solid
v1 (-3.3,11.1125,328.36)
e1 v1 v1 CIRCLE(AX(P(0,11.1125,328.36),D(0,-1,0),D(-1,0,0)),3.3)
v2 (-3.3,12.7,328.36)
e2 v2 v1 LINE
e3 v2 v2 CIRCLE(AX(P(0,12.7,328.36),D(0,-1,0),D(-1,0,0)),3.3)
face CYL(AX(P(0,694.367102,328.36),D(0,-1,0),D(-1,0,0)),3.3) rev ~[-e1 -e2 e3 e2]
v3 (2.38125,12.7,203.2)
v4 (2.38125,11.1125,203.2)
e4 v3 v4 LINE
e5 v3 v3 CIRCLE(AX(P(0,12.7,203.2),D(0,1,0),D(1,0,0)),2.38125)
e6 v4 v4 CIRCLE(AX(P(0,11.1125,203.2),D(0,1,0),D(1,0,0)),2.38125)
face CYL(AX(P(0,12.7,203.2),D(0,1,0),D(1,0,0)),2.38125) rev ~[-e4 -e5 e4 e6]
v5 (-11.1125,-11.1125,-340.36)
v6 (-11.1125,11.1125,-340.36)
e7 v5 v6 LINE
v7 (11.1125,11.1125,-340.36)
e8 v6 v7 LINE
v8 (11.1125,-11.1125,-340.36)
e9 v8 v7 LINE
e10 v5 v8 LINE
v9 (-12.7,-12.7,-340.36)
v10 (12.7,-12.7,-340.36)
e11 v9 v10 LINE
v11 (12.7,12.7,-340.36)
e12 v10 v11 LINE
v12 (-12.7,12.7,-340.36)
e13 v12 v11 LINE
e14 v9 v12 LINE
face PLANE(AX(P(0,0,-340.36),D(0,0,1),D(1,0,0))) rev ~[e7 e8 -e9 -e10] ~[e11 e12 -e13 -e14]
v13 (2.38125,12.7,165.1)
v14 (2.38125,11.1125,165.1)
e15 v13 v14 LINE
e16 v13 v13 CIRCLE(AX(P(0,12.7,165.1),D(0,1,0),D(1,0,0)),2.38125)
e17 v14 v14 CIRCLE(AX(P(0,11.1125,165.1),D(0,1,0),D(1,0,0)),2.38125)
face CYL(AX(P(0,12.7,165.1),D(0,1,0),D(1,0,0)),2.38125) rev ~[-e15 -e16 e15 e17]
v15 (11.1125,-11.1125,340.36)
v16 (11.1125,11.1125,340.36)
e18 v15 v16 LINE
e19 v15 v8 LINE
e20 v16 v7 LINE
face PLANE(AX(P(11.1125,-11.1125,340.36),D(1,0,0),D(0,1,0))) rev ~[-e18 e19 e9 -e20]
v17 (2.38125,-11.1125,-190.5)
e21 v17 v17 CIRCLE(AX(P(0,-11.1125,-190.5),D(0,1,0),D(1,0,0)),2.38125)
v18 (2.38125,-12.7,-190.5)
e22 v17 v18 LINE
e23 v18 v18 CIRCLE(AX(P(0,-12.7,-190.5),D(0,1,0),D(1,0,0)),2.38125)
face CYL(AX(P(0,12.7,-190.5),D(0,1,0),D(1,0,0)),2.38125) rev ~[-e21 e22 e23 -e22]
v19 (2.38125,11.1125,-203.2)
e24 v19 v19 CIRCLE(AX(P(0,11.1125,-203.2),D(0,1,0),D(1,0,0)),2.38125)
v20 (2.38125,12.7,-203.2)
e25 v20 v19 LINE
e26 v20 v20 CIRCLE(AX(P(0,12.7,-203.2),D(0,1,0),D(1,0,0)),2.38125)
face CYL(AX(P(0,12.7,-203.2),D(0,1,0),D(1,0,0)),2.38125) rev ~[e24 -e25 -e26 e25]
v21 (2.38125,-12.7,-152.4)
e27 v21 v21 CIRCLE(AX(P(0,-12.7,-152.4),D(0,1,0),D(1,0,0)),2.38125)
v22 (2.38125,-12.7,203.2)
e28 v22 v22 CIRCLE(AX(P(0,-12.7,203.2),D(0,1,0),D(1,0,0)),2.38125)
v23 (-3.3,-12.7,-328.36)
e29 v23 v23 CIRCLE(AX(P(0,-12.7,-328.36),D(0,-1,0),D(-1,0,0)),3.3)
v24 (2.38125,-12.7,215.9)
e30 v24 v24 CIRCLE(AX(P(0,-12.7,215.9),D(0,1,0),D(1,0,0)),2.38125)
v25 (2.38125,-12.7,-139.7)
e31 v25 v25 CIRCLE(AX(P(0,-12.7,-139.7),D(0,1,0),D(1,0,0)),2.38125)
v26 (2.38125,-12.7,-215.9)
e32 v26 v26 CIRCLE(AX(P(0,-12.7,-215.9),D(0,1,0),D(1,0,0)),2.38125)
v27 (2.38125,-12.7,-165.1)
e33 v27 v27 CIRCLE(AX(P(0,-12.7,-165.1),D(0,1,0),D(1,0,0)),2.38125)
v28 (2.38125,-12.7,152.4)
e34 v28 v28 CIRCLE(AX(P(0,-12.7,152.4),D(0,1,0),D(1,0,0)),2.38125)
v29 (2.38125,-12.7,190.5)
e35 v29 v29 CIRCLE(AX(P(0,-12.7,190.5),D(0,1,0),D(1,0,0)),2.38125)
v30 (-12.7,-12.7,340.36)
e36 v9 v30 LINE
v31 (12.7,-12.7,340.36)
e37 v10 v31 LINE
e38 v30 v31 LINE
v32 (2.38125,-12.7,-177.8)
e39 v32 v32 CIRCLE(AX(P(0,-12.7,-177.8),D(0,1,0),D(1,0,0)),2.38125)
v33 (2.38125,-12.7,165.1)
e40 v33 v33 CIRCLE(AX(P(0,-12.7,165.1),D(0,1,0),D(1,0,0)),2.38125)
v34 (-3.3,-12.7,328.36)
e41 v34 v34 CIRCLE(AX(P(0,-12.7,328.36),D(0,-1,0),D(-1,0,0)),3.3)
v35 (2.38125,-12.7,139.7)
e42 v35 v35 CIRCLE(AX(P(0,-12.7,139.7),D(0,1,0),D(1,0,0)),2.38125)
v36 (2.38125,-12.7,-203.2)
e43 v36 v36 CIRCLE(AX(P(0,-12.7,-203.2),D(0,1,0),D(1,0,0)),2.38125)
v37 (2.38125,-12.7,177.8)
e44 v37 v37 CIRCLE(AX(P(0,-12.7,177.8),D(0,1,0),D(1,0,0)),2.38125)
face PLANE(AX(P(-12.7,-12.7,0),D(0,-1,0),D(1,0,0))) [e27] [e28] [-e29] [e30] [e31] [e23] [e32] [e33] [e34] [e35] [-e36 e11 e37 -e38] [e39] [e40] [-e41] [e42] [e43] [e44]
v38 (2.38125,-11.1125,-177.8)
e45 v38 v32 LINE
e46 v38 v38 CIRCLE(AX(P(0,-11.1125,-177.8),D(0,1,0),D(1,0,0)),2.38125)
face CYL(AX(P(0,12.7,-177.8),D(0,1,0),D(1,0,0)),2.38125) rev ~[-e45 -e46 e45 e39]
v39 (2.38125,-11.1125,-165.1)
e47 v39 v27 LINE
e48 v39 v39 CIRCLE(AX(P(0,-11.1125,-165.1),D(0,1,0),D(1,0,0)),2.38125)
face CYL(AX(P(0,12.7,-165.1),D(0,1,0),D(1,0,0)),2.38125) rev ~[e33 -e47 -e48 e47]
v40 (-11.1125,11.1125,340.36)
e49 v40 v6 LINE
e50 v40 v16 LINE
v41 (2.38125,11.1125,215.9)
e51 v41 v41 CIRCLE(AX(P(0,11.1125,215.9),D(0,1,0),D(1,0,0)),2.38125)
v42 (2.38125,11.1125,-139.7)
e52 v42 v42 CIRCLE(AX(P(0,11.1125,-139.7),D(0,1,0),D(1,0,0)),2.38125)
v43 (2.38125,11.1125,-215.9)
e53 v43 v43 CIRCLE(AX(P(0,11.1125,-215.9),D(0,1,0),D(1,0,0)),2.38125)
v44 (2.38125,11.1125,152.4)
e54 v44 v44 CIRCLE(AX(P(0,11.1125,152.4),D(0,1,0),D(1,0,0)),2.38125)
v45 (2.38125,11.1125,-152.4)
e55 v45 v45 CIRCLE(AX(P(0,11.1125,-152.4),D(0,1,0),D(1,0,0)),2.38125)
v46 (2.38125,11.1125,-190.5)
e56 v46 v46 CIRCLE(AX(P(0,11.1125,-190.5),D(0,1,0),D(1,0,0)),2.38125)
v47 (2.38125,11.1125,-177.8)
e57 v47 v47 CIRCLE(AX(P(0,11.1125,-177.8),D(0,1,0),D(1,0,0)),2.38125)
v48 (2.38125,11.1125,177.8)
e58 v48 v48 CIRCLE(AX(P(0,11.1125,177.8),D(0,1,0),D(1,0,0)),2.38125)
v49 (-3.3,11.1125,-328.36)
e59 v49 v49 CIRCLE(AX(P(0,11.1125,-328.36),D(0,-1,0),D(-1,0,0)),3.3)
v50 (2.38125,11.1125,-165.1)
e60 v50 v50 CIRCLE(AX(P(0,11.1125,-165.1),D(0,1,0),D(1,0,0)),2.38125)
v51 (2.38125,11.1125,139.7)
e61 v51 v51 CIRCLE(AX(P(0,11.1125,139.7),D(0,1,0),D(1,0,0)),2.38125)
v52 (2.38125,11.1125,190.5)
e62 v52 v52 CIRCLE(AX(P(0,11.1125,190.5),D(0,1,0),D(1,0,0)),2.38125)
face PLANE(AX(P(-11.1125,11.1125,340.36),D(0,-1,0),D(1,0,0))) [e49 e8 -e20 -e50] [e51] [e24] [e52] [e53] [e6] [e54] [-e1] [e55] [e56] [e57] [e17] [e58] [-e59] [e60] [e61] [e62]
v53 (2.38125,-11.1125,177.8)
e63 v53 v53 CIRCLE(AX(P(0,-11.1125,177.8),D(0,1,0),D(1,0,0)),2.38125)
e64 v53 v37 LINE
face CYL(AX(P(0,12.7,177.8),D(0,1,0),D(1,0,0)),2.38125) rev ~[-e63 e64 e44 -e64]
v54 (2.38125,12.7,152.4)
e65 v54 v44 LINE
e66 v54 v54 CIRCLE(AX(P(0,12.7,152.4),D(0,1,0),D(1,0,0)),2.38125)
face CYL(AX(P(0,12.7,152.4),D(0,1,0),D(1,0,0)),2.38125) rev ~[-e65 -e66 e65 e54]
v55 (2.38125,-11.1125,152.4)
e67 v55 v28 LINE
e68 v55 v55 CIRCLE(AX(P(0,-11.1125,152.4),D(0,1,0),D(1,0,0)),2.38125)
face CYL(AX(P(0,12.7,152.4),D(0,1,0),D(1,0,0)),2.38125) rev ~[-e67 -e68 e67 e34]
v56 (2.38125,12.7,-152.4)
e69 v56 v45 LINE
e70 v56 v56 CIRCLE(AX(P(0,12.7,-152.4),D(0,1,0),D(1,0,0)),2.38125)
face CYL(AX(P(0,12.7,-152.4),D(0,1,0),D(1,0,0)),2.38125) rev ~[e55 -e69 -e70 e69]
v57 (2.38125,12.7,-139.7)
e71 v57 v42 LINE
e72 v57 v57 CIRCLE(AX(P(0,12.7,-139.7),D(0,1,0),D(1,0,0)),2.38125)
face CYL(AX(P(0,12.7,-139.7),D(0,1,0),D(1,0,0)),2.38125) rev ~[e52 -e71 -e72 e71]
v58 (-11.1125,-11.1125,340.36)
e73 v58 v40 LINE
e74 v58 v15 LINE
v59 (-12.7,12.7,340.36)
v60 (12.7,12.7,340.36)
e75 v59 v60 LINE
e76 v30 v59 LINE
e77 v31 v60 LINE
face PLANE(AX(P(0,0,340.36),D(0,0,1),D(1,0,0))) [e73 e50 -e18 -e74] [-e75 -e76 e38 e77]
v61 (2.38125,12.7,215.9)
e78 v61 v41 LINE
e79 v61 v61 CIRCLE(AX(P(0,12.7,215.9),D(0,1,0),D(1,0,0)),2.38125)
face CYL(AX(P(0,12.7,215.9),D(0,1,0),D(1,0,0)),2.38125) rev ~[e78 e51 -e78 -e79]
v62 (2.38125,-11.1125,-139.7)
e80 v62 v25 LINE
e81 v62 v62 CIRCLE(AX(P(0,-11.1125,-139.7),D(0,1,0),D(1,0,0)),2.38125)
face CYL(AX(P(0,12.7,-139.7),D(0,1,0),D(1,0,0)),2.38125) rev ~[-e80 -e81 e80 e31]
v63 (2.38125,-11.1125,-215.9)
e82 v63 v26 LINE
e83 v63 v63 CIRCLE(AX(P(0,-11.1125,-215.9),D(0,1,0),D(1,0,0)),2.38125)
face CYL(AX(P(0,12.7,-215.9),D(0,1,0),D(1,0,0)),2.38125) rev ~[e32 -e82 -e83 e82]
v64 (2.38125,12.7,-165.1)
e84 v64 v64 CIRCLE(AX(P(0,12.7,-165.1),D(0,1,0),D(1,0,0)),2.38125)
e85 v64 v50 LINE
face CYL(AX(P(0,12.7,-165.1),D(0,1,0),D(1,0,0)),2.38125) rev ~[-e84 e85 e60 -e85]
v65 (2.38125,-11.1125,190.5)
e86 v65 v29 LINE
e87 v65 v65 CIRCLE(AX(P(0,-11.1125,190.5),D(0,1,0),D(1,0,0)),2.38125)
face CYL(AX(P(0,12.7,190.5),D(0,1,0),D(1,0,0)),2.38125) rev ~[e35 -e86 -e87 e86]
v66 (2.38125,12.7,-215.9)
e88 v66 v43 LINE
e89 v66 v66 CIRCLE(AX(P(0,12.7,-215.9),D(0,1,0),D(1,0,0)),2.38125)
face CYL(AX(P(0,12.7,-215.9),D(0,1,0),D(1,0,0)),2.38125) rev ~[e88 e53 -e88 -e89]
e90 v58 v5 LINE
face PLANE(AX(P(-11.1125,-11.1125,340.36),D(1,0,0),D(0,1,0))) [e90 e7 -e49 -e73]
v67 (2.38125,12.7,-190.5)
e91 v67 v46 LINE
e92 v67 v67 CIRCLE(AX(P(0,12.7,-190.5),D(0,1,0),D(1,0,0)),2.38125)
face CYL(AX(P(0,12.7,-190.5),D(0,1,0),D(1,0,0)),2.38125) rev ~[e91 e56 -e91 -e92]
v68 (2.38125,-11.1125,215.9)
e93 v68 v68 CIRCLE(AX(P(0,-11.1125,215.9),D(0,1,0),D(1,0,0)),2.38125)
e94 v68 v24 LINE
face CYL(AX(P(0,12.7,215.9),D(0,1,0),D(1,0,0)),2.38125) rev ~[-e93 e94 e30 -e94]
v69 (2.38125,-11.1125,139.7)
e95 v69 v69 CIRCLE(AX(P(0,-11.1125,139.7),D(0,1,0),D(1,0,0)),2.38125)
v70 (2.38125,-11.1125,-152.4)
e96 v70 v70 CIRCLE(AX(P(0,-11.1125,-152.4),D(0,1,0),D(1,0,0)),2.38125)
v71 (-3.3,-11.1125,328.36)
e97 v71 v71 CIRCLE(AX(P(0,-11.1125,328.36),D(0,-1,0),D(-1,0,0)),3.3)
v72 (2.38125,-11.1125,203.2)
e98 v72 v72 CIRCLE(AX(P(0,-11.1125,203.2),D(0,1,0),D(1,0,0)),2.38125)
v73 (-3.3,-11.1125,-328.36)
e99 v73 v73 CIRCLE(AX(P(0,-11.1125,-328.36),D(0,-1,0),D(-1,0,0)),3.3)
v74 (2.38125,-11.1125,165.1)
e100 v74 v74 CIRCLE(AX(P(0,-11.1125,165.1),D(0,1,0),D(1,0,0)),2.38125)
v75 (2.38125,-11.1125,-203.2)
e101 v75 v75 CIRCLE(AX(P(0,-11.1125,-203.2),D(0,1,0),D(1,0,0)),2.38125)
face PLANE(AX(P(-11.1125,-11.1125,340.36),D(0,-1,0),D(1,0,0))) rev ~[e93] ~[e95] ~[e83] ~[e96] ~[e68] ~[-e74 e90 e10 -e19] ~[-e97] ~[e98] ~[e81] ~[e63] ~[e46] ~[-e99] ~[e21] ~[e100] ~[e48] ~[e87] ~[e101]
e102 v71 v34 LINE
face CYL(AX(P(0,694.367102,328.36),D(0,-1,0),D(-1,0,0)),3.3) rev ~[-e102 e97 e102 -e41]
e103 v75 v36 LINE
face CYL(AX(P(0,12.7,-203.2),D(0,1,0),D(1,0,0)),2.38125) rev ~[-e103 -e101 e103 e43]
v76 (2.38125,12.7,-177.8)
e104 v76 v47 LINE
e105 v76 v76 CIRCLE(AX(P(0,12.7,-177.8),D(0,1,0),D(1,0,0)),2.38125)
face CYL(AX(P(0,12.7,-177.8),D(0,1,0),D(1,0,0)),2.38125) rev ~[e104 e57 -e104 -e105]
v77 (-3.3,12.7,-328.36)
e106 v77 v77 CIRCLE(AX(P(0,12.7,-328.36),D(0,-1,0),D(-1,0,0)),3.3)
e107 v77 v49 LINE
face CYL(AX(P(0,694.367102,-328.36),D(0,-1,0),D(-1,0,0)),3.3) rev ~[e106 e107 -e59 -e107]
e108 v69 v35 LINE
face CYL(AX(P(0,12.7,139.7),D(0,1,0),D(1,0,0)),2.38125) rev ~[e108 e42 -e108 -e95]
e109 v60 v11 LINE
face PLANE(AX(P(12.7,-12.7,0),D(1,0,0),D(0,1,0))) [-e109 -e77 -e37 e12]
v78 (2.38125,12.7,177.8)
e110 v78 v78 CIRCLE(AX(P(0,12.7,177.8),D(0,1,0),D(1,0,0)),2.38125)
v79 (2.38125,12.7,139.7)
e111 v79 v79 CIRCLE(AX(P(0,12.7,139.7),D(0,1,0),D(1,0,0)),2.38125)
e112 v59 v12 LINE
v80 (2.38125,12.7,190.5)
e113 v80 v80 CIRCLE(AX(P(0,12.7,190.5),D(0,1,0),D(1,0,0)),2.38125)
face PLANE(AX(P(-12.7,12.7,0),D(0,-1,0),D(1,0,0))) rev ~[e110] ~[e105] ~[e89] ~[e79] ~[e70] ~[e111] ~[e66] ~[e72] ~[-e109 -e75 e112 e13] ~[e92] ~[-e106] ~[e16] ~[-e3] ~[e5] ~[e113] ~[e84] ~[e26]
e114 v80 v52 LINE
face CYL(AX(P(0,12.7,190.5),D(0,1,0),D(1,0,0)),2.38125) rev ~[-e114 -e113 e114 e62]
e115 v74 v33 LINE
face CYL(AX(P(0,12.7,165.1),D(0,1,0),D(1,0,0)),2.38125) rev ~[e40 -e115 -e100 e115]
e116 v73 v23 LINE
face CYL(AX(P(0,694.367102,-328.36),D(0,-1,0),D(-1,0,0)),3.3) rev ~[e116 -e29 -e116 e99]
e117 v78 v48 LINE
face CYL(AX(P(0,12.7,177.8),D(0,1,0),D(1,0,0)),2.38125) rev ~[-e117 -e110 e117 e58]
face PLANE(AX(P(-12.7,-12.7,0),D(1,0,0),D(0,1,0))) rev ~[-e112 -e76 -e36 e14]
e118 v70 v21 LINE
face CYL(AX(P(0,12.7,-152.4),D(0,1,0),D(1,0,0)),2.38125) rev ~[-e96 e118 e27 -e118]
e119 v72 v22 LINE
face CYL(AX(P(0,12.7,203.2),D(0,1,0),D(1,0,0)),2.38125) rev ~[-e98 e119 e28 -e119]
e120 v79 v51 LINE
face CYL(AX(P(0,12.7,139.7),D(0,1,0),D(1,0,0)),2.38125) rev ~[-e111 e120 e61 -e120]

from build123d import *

# Parameters (mm, degrees)
SKETCH1_W            = 25.4
SKETCH1_H            = 25.4
BOSS_EXTRUDE1_DEPTH  = 340.36
SKETCH2_W            = 22.225
SKETCH2_H            = 22.225
CUT_EXTRUDE1_DEPTH   = 681.72
SKETCH3_R            = 2.38125
CUT_EXTRUDE2_DEPTH   = 26.4
M6_CLEARANCE_HOLE1_D = 6.6


with BuildPart() as part:
    # Sketch1 → Boss-Extrude1 (new body, symmetric)
    with BuildSketch(Plane.XY):
        Rectangle(SKETCH1_W, SKETCH1_H)
    extrude(amount=BOSS_EXTRUDE1_DEPTH, both=True)

    # Sketch2 → Cut-Extrude1 (cut, through all)
    with BuildSketch(Plane.XY.offset(340.36)):
        Rectangle(SKETCH2_W, SKETCH2_H)
    extrude(amount=-CUT_EXTRUDE1_DEPTH, mode=Mode.SUBTRACT)

    # Sketch3 → Cut-Extrude2 (cut, through all)
    with BuildSketch(Plane(origin=(0, 12.7, 0), x_dir=(1, 0, 0), z_dir=(0, 1, 0))):
        with Locations((0, -215.9)):
            Circle(SKETCH3_R)
        with Locations((0, -203.2)):
            Circle(SKETCH3_R)
        with Locations((0, -190.5)):
            Circle(SKETCH3_R)
        with Locations((0, -177.8)):
            Circle(SKETCH3_R)
        with Locations((0, -165.1)):
            Circle(SKETCH3_R)
        with Locations((0, -152.4)):
            Circle(SKETCH3_R)
        with Locations((0, -139.7)):
            Circle(SKETCH3_R)
        with Locations((0, 139.7)):
            Circle(SKETCH3_R)
        with Locations((0, 152.4)):
            Circle(SKETCH3_R)
        with Locations((0, 165.1)):
            Circle(SKETCH3_R)
        with Locations((0, 177.8)):
            Circle(SKETCH3_R)
        with Locations((0, 190.5)):
            Circle(SKETCH3_R)
        with Locations((0, 215.9)):
            Circle(SKETCH3_R)
        with Locations((0, 203.2)):
            Circle(SKETCH3_R)
    extrude(amount=-CUT_EXTRUDE2_DEPTH, mode=Mode.SUBTRACT)

    # M6 Clearance Hole1 (through all)
    with Locations(Plane(origin=(0, 12.7, 0), x_dir=(1, 0, 0), z_dir=(0, 1, 0))):
        with Locations((0, 328.36), (0, -328.36)):
            Hole(M6_CLEARANCE_HOLE1_D / 2)


solid = part.part
